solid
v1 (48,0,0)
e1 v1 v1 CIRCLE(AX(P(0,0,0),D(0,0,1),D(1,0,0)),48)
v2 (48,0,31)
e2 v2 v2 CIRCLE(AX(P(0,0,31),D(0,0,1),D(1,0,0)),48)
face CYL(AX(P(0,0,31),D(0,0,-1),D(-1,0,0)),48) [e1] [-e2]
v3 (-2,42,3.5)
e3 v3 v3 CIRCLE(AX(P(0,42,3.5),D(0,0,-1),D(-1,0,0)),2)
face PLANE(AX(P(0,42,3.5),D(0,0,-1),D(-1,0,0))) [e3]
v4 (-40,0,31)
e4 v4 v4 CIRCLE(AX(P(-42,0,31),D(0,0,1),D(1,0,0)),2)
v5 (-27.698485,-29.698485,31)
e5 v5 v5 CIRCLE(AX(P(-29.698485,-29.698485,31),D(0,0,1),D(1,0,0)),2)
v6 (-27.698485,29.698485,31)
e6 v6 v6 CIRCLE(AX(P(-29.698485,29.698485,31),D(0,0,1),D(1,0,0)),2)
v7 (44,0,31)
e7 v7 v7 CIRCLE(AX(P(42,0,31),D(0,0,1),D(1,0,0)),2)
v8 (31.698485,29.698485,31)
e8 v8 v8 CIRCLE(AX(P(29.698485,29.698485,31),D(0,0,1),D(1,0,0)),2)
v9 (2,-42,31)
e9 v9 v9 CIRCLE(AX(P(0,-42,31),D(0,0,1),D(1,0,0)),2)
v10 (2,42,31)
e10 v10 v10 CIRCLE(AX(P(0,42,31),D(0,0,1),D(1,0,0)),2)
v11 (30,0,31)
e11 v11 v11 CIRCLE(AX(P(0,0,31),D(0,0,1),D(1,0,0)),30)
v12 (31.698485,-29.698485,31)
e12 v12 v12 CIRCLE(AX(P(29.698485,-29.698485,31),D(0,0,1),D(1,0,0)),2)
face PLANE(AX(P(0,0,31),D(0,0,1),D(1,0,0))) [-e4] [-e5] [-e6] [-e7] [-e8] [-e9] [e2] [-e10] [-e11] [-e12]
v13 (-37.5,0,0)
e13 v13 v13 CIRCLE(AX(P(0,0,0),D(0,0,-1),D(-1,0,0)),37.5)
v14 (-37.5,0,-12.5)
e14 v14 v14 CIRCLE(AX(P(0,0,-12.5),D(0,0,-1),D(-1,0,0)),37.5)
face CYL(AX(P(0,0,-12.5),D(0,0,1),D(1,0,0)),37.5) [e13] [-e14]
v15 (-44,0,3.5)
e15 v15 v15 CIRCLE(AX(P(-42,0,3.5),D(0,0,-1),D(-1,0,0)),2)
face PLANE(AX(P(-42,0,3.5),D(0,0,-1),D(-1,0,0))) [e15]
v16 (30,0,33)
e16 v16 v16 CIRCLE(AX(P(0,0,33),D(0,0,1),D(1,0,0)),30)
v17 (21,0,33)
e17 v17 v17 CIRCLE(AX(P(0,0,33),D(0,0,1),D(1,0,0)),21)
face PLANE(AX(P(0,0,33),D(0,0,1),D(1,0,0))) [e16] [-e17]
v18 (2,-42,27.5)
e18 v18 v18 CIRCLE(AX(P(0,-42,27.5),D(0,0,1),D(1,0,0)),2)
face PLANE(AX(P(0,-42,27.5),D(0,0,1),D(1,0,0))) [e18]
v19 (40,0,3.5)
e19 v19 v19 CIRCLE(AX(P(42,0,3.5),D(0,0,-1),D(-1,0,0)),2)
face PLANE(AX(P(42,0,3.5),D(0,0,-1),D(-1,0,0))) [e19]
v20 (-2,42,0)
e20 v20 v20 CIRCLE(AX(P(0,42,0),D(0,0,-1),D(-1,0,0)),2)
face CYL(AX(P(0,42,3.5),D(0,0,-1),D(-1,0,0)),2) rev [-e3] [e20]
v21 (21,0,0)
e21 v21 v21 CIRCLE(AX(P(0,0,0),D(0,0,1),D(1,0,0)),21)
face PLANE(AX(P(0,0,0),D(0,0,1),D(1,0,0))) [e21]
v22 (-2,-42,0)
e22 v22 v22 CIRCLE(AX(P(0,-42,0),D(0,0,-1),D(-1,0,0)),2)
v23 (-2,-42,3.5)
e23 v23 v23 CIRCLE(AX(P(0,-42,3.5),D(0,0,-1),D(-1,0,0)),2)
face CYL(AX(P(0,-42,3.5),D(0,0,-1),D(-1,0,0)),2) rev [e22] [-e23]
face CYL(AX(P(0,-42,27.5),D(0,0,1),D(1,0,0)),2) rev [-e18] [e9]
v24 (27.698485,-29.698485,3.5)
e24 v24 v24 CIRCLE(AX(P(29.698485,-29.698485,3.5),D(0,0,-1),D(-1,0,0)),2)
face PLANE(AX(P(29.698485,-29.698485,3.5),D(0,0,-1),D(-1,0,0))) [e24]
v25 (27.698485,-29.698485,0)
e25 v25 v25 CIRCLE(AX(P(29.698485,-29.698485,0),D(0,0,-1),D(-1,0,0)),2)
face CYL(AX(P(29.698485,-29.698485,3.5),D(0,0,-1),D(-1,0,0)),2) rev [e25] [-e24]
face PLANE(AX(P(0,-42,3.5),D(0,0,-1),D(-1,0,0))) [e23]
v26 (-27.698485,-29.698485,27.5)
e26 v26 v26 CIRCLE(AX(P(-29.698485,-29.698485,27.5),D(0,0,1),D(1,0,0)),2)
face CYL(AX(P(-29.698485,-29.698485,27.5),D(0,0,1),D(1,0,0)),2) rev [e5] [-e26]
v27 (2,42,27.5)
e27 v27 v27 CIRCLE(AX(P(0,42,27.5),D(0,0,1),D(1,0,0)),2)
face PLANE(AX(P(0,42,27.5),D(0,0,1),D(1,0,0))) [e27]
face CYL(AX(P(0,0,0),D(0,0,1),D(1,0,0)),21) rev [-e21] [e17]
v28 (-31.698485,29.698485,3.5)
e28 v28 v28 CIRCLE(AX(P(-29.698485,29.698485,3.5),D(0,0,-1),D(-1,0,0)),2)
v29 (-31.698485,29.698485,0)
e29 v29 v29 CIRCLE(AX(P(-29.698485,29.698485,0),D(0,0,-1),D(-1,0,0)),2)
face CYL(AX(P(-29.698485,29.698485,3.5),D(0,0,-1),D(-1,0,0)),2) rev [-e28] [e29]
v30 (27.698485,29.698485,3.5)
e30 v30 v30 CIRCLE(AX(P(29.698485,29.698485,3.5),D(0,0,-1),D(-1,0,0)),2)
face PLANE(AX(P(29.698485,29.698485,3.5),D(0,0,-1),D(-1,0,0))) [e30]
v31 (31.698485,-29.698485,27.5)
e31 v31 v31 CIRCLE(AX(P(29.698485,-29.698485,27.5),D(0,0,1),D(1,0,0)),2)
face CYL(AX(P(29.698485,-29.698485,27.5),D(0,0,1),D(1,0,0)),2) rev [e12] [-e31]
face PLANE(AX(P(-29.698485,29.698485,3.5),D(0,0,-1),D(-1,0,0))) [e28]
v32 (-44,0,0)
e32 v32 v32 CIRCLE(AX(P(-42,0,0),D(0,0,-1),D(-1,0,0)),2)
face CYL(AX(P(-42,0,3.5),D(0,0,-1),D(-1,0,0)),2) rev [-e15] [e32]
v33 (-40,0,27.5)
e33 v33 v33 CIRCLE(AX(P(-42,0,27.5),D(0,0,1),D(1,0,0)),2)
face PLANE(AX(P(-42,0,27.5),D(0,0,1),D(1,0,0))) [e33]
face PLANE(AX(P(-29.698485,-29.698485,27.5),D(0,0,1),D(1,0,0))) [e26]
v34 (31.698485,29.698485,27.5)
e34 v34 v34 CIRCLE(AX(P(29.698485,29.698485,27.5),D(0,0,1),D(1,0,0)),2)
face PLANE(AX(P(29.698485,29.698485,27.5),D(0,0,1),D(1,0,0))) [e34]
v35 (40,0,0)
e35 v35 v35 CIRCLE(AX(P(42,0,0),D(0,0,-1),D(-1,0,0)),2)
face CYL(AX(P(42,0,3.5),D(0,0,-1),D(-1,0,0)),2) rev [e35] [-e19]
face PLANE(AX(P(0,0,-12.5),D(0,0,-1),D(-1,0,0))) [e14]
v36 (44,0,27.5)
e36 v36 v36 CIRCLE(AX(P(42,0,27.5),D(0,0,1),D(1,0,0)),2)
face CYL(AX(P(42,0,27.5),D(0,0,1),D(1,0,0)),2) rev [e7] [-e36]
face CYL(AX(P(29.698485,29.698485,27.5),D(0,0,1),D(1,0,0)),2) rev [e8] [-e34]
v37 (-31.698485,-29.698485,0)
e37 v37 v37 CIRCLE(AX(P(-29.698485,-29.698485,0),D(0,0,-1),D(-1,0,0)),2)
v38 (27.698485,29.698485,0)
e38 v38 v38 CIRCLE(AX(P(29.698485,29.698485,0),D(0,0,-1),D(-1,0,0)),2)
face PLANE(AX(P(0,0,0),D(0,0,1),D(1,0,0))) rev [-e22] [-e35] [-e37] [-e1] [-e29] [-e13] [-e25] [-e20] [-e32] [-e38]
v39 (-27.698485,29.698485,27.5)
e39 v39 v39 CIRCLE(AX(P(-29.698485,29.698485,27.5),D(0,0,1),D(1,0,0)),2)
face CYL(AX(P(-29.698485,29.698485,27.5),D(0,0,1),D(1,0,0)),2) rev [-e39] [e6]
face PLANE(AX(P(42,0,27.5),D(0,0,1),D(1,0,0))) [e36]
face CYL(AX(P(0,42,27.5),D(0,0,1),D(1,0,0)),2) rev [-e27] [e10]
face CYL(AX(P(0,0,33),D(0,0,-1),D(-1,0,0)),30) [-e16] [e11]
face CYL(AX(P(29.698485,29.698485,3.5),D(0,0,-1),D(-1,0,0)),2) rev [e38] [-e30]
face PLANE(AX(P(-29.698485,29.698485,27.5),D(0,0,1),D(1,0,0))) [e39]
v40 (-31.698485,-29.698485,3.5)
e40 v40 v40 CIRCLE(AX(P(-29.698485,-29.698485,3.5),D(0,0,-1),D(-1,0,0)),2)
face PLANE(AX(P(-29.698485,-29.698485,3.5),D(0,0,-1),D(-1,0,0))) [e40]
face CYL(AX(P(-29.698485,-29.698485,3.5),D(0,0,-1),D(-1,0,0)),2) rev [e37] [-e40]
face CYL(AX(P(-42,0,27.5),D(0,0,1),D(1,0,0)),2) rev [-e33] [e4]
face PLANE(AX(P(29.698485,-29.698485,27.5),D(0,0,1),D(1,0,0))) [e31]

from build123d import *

# Parameters (mm, degrees)
SKETCH3_R           = 48
BOSS_EXTRUDE1_DEPTH = 31
SKETCH4_R           = 2
CUT_EXTRUDE1_DEPTH  = 3.5
SKETCH5_R           = 30
BOSS_EXTRUDE2_DEPTH = 2
SKETCH7_R           = 37.5
BOSS_EXTRUDE3_DEPTH = 12.5
SKETCH6_R           = 21
CUT_EXTRUDE3_DEPTH  = 33
CUT_EXTRUDE4_START  = -3.5
SKETCH8_R           = 2
CUT_EXTRUDE4_DEPTH  = 3.5


with BuildPart() as part:
    # Sketch3 → Boss-Extrude1 (new body)
    with BuildSketch(Plane.XY):
        Circle(SKETCH3_R)
    extrude(amount=BOSS_EXTRUDE1_DEPTH)

    # Sketch4 → Cut-Extrude1 (cut)
    with BuildSketch(Plane.XY.offset(31)):
        with Locations((0, 42)):
            Circle(SKETCH4_R)
        with Locations((29.69848481, 29.69848481)):
            Circle(SKETCH4_R)
        with Locations((42, 0)):
            Circle(SKETCH4_R)
        with Locations((29.69848481, -29.69848481)):
            Circle(SKETCH4_R)
        with Locations((0, -42)):
            Circle(SKETCH4_R)
        with Locations((-29.69848481, -29.69848481)):
            Circle(SKETCH4_R)
        with Locations((-42, 0)):
            Circle(SKETCH4_R)
        with Locations((-29.69848481, 29.69848481)):
            Circle(SKETCH4_R)
    extrude(amount=-CUT_EXTRUDE1_DEPTH, mode=Mode.SUBTRACT)

    # Sketch5 → Boss-Extrude2 (add)
    with BuildSketch(Plane.XY.offset(31)):
        Circle(SKETCH5_R)
    extrude(amount=BOSS_EXTRUDE2_DEPTH)

    # Sketch7 → Boss-Extrude3 (add)
    with BuildSketch(Plane(origin=(0, 0, 0), x_dir=(-1, 0, 0), z_dir=(0, 0, -1))):
        Circle(SKETCH7_R)
    extrude(amount=BOSS_EXTRUDE3_DEPTH)

    # Sketch6 → Cut-Extrude3 (cut)
    with BuildSketch(Plane.XY.offset(33)):
        Circle(SKETCH6_R)
    extrude(amount=-CUT_EXTRUDE3_DEPTH, mode=Mode.SUBTRACT)

    # Sketch8 → Cut-Extrude4 (cut)
    with BuildSketch(Plane(origin=(0, 0, 0), x_dir=(-1, 0, 0), z_dir=(0, 0, -1)).offset(CUT_EXTRUDE4_START)):
        with Locations(Location((0, 42, 0), (0, 0, 180))):
            Circle(SKETCH8_R)
        with Locations(Location((29.69848481, 29.69848481, 0), (0, 0, 180))):
            Circle(SKETCH8_R)
        with Locations(Location((42, 0, 0), (0, 0, 180))):
            Circle(SKETCH8_R)
        with Locations(Location((29.69848481, -29.69848481, 0), (0, 0, 180))):
            Circle(SKETCH8_R)
        with Locations(Location((0, -42, 0), (0, 0, 180))):
            Circle(SKETCH8_R)
        with Locations(Location((-29.69848481, -29.69848481, 0), (0, 0, 180))):
            Circle(SKETCH8_R)
        with Locations(Location((-42, 0, 0), (0, 0, 180))):
            Circle(SKETCH8_R)
        with Locations(Location((-29.69848481, 29.69848481, 0), (0, 0, 180))):
            Circle(SKETCH8_R)
    extrude(amount=CUT_EXTRUDE4_DEPTH, mode=Mode.SUBTRACT)


solid = part.part
